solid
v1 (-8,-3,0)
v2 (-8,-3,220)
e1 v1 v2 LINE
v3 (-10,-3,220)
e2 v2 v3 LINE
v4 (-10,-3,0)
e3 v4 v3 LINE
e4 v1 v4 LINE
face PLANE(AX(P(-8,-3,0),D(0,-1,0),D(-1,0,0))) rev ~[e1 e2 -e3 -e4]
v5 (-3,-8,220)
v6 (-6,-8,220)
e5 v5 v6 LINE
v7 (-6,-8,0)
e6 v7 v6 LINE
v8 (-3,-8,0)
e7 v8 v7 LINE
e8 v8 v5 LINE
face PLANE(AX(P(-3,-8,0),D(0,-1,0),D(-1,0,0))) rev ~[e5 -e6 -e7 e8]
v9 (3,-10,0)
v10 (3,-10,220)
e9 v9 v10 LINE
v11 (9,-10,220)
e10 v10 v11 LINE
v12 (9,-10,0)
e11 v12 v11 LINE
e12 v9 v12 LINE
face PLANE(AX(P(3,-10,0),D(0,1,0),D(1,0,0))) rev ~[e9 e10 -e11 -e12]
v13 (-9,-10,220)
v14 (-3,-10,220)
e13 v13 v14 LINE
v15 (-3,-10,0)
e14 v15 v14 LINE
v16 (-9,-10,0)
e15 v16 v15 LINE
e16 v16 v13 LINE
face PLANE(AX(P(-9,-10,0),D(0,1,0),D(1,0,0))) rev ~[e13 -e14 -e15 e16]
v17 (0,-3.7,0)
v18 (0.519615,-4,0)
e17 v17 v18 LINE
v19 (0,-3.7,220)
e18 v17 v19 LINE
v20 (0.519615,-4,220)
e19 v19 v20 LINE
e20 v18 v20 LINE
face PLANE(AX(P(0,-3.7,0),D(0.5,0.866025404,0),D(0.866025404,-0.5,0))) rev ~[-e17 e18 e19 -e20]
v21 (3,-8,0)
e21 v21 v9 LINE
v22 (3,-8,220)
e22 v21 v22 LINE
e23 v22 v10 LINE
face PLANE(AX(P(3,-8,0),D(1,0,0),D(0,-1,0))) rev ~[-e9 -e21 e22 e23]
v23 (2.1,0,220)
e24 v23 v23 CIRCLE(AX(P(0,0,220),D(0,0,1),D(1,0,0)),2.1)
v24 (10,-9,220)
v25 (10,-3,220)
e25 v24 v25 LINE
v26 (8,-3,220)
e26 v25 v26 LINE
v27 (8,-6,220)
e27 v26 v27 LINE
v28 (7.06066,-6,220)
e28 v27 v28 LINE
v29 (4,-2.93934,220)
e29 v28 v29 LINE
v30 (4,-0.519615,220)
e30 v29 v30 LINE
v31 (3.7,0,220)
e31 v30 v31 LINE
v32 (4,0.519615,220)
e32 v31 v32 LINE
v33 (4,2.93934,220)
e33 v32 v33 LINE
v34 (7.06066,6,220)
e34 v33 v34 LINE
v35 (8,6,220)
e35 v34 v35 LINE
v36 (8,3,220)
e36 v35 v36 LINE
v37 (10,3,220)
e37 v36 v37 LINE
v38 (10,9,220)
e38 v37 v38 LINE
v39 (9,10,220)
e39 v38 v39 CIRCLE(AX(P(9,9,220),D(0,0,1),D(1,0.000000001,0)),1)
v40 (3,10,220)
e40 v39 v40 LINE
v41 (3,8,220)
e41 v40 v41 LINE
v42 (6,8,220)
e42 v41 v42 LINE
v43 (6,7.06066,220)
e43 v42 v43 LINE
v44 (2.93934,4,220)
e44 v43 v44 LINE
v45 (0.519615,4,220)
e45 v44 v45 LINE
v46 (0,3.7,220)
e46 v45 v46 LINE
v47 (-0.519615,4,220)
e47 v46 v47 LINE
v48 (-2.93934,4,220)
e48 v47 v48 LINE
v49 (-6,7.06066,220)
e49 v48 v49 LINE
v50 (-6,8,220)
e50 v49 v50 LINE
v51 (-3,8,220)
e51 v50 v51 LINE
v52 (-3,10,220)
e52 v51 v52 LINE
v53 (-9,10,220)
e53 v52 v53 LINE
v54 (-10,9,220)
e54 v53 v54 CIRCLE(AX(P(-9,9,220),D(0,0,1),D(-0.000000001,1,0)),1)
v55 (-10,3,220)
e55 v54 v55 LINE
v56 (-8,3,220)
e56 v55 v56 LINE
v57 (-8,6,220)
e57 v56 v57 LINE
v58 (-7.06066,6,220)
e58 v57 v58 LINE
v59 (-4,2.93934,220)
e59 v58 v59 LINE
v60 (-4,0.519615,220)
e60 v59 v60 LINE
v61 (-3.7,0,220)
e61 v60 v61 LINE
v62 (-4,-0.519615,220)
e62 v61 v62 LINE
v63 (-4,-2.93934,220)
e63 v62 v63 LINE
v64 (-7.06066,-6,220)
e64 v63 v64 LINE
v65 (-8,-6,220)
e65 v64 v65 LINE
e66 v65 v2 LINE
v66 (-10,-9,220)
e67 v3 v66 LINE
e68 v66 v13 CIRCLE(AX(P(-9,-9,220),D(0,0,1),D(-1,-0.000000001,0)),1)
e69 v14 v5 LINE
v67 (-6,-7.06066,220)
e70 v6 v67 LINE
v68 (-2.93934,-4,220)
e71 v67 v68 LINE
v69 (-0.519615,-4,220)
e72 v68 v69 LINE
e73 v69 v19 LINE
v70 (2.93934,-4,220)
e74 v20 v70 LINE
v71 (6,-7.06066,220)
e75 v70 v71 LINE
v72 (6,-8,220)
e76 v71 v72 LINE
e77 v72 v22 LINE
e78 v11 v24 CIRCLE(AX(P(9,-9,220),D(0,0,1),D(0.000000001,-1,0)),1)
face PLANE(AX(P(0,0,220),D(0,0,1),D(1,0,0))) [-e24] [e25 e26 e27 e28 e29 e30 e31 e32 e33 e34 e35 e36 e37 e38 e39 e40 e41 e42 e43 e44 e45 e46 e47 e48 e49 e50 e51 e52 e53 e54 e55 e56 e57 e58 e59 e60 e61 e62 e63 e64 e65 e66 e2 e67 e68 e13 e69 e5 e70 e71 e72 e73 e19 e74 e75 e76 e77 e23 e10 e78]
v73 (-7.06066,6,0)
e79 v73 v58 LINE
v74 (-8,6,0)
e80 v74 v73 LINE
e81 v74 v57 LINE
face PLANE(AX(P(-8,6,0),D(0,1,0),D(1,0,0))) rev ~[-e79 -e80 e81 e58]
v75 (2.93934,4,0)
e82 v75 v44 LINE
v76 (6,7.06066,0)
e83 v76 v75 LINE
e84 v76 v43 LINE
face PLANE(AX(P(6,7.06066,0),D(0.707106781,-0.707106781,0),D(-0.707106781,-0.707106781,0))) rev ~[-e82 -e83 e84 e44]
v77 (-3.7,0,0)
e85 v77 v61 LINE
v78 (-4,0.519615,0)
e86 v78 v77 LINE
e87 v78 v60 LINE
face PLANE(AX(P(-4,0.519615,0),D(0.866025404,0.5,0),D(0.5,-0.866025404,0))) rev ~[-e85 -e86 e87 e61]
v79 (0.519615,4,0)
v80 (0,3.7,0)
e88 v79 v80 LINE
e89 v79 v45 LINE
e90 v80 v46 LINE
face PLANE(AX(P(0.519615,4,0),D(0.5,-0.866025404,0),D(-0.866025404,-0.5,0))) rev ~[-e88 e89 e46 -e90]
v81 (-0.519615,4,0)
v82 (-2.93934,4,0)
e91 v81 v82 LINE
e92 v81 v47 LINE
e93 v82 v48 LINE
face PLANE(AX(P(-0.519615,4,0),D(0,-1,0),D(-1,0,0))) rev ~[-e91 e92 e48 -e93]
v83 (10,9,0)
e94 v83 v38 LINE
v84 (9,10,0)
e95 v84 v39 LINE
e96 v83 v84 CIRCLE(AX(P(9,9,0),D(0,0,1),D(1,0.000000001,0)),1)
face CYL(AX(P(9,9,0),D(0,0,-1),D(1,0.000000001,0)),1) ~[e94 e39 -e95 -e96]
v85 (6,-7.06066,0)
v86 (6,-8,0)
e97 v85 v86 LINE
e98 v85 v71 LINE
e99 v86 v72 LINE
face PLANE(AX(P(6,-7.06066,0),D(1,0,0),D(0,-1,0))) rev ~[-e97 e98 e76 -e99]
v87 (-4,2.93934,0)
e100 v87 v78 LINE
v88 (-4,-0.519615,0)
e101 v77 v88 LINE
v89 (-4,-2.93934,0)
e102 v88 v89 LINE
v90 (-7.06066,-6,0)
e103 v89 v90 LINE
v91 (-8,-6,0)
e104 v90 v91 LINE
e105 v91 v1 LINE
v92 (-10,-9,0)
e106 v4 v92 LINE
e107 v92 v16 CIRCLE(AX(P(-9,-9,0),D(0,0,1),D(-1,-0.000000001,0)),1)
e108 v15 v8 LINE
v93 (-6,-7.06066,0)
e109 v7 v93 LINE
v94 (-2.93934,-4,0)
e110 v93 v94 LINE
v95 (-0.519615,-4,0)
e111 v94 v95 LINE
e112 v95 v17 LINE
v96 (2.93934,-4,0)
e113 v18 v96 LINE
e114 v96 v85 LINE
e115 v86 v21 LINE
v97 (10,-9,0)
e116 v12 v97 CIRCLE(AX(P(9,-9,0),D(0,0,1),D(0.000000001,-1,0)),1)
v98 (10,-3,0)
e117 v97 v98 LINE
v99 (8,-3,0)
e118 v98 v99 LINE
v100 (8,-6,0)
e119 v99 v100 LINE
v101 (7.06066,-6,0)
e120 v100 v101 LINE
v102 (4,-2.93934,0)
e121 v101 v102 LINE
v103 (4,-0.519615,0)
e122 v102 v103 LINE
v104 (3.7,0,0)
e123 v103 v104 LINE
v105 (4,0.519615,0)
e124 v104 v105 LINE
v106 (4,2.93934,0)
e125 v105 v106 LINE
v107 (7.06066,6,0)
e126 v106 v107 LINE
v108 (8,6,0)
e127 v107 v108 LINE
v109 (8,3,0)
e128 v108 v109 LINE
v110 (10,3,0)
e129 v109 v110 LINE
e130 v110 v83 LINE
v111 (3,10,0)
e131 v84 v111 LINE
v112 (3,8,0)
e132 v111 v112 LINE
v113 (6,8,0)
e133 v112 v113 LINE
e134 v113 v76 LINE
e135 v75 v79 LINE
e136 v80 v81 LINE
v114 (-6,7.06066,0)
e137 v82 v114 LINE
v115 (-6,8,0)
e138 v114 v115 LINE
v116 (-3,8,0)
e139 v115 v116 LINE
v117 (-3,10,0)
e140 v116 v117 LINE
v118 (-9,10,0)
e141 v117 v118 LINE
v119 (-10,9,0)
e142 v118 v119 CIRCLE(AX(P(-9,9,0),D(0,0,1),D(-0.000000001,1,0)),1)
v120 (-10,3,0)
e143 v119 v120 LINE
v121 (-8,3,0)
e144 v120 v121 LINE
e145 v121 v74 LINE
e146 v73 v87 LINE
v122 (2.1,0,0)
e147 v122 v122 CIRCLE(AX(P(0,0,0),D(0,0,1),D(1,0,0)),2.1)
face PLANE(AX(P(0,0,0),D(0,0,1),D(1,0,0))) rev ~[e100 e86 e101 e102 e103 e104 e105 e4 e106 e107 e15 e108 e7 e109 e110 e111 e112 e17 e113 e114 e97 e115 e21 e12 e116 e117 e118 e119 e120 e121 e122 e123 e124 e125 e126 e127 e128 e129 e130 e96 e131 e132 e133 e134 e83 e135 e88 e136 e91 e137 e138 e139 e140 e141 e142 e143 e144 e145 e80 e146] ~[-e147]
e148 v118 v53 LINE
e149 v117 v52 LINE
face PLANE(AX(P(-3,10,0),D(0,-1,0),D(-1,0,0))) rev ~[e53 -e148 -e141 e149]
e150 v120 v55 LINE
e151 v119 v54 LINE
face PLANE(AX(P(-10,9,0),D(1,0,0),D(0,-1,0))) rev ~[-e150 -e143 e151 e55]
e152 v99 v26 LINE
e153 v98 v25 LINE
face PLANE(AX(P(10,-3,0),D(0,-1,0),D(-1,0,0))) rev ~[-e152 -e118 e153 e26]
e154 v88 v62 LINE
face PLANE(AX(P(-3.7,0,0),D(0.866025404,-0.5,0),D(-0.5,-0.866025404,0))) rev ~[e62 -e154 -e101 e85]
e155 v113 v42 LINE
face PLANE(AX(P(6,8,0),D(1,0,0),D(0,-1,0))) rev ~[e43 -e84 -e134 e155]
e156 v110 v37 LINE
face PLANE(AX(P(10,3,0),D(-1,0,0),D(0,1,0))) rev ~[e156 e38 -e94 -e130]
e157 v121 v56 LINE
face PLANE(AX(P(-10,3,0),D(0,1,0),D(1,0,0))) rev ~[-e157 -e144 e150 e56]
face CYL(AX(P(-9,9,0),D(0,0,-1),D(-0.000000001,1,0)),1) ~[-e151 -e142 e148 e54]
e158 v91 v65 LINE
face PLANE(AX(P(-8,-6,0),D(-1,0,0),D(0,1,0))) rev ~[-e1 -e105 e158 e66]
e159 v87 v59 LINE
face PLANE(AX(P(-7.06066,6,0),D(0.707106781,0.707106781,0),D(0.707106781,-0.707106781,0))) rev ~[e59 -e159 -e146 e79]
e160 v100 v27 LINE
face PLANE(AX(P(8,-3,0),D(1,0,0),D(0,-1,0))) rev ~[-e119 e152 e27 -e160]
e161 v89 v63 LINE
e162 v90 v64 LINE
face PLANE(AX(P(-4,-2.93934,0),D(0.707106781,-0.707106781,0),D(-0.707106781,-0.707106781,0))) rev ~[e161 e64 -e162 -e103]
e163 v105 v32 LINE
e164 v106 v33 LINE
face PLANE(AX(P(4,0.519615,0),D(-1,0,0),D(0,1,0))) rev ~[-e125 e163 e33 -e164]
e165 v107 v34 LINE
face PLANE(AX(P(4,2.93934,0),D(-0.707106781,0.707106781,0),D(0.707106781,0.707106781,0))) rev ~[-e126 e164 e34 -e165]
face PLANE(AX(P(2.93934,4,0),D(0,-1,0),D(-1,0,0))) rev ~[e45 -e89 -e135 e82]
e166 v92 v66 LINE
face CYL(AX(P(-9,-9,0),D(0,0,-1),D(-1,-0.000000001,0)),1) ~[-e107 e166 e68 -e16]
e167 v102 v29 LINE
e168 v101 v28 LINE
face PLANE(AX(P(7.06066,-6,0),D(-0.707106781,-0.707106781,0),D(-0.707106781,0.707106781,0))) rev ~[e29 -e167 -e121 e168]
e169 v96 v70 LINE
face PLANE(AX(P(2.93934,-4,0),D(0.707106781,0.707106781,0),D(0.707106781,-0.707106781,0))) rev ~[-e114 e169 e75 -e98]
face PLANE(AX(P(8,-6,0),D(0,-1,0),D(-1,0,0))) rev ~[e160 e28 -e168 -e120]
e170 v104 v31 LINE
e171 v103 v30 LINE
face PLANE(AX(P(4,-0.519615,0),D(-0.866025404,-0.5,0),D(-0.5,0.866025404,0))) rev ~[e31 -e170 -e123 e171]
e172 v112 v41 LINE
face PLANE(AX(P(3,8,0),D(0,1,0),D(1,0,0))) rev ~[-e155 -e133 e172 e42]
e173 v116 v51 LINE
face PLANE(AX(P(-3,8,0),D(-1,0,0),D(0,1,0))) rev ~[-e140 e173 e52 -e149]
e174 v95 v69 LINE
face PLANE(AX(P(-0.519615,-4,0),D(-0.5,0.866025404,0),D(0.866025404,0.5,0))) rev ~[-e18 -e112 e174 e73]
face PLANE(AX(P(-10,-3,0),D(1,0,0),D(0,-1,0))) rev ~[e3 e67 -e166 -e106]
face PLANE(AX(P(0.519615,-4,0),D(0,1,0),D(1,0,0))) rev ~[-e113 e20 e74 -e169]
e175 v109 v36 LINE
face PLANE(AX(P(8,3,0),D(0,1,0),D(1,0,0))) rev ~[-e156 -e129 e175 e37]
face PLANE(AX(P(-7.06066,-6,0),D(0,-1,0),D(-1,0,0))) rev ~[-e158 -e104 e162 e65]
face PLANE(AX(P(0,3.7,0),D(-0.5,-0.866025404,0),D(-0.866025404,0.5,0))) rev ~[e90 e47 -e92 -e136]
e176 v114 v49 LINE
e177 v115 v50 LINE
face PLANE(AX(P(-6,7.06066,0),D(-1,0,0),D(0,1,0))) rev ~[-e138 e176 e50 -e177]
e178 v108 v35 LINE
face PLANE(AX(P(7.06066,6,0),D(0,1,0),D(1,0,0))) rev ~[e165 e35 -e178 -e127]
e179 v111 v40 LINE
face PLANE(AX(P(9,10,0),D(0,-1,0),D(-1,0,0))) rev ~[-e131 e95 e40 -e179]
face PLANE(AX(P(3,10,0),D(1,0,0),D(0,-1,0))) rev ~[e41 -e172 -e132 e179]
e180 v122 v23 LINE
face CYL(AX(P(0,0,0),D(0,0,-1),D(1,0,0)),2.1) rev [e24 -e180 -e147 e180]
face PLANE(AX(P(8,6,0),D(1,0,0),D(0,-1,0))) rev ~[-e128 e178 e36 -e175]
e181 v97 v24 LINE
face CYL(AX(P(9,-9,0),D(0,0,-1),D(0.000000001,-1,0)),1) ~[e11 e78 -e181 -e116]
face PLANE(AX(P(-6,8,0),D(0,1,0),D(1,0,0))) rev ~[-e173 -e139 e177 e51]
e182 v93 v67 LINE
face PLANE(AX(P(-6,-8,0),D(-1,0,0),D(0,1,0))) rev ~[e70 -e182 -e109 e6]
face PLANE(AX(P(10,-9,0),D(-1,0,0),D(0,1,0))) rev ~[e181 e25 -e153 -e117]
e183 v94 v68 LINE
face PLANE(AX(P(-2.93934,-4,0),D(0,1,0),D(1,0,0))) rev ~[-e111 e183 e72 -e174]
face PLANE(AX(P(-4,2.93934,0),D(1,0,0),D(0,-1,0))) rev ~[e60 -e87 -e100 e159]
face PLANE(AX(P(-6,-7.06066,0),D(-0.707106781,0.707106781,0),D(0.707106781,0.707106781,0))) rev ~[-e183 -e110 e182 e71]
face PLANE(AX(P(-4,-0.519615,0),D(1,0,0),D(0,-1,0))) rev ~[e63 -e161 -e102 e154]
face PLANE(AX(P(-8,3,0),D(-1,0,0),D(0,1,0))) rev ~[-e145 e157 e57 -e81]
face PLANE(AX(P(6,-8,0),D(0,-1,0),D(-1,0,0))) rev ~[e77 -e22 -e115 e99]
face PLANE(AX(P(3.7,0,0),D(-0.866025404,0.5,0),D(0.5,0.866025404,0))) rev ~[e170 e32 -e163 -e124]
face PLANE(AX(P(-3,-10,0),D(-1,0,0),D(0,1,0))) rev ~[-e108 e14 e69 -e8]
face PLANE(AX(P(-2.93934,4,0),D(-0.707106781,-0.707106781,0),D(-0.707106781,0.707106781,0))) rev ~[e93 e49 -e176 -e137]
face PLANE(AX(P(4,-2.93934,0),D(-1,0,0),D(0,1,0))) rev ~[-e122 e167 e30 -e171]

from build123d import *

# Parameters (mm, degrees)
MODEL_R         = 2.1
EXTRUDE_1_DEPTH = 220


with BuildPart() as part:
    # Model → 보스-돌출1 (new body)
    with BuildSketch(Plane.XY):
        with BuildLine():
            Line((-10, 3), (-8, 3))
            Line((-8, 3), (-8, 6))
            Line((-8, 6), (-7.060660172, 6))
            Line((-7.060660172, 6), (-4, 2.939339828))
            Line((-4, 2.939339828), (-4, 0.519615242))
            Line((-4, 0.519615242), (-3.7, 0))
            Line((-3.7, 0), (-4, -0.519615242))
            Line((-4, -0.519615242), (-4, -2.939339828))
            Line((-4, -2.939339828), (-7.060660172, -6))
            Line((-7.060660172, -6), (-8, -6))
            Line((-8, -6), (-8, -3))
            Line((-8, -3), (-10, -3))
            Line((-10, -3), (-10, -9))
            ThreePointArc((-10, -9), (-9.707106781, -9.707106781), (-9, -10))
            Line((-9, -10), (-3, -10))
            Line((-3, -10), (-3, -8))
            Line((-3, -8), (-6, -8))
            Line((-6, -8), (-6, -7.060660172))
            Line((-6, -7.060660172), (-2.939339828, -4))
            Line((-2.939339828, -4), (-0.519615242, -4))
            Line((-0.519615242, -4), (0, -3.7))
            Line((0, -3.7), (0.519615242, -4))
            Line((0.519615242, -4), (2.939339828, -4))
            Line((2.939339828, -4), (6, -7.060660172))
            Line((6, -7.060660172), (6, -8))
            Line((6, -8), (3, -8))
            Line((3, -8), (3, -10))
            Line((3, -10), (9, -10))
            ThreePointArc((9, -10), (9.707106781, -9.707106781), (10, -9))
            Line((10, -9), (10, -3))
            Line((10, -3), (8, -3))
            Line((8, -3), (8, -6))
            Line((8, -6), (7.060660172, -6))
            Line((7.060660172, -6), (4, -2.939339828))
            Line((4, -2.939339828), (4, -0.519615242))
            Line((4, -0.519615242), (3.7, 0))
            Line((3.7, 0), (4, 0.519615242))
            Line((4, 0.519615242), (4, 2.939339828))
            Line((4, 2.939339828), (7.060660172, 6))
            Line((7.060660172, 6), (8, 6))
            Line((8, 6), (8, 3))
            Line((8, 3), (10, 3))
            Line((10, 3), (10, 9))
            ThreePointArc((10, 9), (9.707106781, 9.707106781), (9, 10))
            Line((9, 10), (3, 10))
            Line((3, 10), (3, 8))
            Line((3, 8), (6, 8))
            Line((6, 8), (6, 7.060660172))
            Line((6, 7.060660172), (2.939339828, 4))
            Line((2.939339828, 4), (0.519615242, 4))
            Line((0.519615242, 4), (0, 3.7))
            Line((0, 3.7), (-0.519615242, 4))
            Line((-0.519615242, 4), (-2.939339828, 4))
            Line((-2.939339828, 4), (-6, 7.060660172))
            Line((-6, 7.060660172), (-6, 8))
            Line((-6, 8), (-3, 8))
            Line((-3, 8), (-3, 10))
            Line((-3, 10), (-9, 10))
            ThreePointArc((-9, 10), (-9.707106781, 9.707106781), (-10, 9))
            Line((-10, 9), (-10, 3))
        make_face()
        Circle(MODEL_R, mode=Mode.SUBTRACT)
    extrude(amount=EXTRUDE_1_DEPTH)


solid = part.part
